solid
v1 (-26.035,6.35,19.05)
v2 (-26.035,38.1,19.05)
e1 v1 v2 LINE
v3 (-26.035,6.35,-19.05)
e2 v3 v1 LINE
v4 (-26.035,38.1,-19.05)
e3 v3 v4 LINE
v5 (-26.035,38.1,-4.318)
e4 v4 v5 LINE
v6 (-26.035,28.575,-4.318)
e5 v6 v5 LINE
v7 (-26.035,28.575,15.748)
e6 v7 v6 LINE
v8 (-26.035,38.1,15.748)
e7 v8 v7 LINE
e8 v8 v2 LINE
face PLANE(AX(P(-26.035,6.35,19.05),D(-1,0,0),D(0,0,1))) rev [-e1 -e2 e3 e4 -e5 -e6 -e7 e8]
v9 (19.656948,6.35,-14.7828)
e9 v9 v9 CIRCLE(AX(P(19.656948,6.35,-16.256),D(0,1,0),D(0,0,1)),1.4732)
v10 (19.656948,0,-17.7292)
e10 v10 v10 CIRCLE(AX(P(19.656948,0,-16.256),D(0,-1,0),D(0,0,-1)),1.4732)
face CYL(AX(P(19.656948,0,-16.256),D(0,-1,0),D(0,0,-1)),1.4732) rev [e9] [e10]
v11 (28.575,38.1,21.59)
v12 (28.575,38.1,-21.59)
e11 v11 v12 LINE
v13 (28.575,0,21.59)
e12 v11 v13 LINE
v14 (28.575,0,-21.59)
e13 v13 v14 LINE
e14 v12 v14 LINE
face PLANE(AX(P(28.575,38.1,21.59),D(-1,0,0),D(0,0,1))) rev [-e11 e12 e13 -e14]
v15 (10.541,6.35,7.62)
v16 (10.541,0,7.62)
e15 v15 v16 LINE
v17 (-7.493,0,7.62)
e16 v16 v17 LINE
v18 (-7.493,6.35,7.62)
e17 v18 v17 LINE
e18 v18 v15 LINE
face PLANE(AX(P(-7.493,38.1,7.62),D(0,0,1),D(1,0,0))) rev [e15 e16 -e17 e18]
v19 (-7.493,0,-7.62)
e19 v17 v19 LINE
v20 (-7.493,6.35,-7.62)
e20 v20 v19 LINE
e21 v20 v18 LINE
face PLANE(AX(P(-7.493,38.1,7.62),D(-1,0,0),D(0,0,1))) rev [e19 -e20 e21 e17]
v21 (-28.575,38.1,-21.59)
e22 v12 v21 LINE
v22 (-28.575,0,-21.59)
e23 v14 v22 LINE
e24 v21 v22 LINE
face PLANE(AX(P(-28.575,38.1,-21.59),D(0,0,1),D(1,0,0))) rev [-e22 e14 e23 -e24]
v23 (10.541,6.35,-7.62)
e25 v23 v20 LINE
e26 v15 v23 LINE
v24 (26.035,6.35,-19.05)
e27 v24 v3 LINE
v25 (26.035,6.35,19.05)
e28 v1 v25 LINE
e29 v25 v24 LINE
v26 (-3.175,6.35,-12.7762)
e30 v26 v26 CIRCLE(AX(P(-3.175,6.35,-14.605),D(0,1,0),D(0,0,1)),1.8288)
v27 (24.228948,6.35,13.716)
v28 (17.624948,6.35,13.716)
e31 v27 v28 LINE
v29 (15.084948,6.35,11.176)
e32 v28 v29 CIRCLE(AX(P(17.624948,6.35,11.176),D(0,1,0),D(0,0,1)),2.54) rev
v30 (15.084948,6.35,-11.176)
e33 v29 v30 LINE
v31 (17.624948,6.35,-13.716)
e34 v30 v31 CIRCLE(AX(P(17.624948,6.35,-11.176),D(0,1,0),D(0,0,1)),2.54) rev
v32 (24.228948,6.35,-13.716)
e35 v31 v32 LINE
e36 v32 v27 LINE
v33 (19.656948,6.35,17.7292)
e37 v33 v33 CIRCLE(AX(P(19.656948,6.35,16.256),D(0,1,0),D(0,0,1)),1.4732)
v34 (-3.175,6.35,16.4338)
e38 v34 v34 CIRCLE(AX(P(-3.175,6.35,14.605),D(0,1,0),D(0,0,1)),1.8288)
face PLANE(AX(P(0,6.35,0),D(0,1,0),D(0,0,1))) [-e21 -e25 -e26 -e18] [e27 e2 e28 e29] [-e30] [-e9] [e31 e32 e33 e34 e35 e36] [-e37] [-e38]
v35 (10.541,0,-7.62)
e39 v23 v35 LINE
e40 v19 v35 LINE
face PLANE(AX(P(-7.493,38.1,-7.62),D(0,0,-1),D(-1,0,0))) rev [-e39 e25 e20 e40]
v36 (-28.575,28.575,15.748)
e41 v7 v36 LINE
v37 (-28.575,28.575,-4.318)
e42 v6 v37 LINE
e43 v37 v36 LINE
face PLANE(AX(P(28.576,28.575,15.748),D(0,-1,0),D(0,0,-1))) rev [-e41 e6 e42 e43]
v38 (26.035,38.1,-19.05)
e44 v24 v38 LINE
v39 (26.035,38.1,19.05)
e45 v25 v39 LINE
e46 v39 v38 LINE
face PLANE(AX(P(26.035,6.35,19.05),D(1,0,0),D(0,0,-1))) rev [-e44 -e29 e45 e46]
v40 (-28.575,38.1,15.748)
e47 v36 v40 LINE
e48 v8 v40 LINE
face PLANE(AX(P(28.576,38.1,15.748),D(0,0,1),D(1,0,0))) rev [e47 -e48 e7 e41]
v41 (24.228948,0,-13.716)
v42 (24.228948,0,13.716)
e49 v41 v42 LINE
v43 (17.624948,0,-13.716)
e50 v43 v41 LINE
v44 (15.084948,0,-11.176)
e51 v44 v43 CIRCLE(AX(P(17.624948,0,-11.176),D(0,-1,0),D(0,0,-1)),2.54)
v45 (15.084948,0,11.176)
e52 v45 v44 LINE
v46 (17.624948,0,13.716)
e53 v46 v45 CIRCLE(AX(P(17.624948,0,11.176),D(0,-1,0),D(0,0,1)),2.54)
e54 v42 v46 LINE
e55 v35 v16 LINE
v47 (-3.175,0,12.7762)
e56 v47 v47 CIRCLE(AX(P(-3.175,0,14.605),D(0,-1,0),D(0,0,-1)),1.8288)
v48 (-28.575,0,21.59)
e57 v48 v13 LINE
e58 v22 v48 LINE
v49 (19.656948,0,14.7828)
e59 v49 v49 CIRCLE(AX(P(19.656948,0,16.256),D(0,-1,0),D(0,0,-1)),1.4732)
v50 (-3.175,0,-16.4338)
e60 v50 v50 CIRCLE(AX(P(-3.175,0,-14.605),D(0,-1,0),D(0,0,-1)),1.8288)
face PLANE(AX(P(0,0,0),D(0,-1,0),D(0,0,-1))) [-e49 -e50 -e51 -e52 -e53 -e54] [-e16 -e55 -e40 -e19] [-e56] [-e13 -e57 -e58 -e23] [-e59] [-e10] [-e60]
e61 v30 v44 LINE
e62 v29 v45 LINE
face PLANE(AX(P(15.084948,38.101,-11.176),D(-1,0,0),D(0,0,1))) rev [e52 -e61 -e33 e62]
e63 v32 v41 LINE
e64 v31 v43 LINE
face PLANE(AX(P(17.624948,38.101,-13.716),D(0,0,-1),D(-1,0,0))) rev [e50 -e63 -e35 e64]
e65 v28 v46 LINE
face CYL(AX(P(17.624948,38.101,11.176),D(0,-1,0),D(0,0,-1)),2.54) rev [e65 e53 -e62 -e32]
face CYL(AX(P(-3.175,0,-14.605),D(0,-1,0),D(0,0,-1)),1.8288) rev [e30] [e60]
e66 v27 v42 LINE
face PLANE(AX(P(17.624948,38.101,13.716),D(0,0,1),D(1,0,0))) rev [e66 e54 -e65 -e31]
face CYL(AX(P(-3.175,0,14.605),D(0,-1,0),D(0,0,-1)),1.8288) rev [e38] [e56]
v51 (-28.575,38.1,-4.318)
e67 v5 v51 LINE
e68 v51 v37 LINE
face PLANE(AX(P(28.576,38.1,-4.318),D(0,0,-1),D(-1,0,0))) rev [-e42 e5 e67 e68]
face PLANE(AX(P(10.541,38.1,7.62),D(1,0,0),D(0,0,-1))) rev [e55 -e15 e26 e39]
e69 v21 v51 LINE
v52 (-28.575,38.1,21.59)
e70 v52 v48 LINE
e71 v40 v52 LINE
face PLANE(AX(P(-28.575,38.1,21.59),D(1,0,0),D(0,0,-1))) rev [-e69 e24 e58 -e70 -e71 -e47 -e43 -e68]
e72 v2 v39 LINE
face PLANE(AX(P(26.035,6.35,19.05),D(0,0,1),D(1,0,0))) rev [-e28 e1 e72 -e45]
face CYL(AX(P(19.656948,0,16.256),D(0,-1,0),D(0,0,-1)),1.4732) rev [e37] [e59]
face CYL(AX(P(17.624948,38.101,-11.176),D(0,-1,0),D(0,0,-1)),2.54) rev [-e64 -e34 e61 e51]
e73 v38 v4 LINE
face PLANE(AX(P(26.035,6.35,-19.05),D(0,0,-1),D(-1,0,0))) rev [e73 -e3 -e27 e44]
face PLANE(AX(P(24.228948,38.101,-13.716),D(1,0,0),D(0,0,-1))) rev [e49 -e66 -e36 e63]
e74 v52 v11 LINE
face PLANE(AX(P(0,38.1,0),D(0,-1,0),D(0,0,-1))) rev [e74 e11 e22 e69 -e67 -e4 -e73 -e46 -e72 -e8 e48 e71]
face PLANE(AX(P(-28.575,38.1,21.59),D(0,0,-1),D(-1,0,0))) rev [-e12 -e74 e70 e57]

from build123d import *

# Parameters (mm, degrees)
SKETCH1_W             = 57.15
SKETCH1_H             = 43.18
BOSS_EXTRUDE1_DEPTH   = 38.1
SKETCH2_W             = 52.07
SKETCH2_H             = 38.1
CUT_EXTRUDE1_DEPTH    = 31.75
SKETCH3_W             = 18.034
SKETCH3_H             = 15.24
CUT_EXTRUDE2_DEPTH    = 53.290235465
CUT_EXTRUDE3_REACH    = 73.999
SKETCH4_W             = 20.066
SKETCH4_H             = 9.525
CUT_EXTRUDE4_REACH    = 54.29
F_4_CLEARANCE_HOLE1_D = 2.9464
F_6_CLEARANCE_HOLE1_D = 3.6576


with BuildPart() as part:
    # Sketch1 → Boss-Extrude1 (new body)
    with BuildSketch(Plane(origin=(0, 0, 0), x_dir=(1, 0, 0), z_dir=(0, 1, 0))):
        Rectangle(SKETCH1_W, SKETCH1_H)
    extrude(amount=BOSS_EXTRUDE1_DEPTH)

    # Sketch2 → Cut-Extrude1 (cut)
    with BuildSketch(Plane(origin=(0, 38.1, 0), x_dir=(1, 0, 0), z_dir=(0, 1, 0))):
        Rectangle(SKETCH2_W, SKETCH2_H)
    extrude(amount=-CUT_EXTRUDE1_DEPTH, mode=Mode.SUBTRACT)

    # Sketch3 → Cut-Extrude2 (cut, through all)
    with BuildSketch(Plane(origin=(0, 0, 0), x_dir=(-1, 0, 0), z_dir=(0, -1, 0))):
        with Locations((-1.524, 0)):
            Rectangle(SKETCH3_W, SKETCH3_H)
    extrude(amount=-CUT_EXTRUDE2_DEPTH, mode=Mode.SUBTRACT)

    # Sketch4 → Cut-Extrude3 (cut, up to next)
    with BuildSketch(Plane.ZY.offset(28.575), mode=Mode.PRIVATE) as cut_extrude3_sk1:
        with Locations((5.715, 33.3375)):
            Rectangle(SKETCH4_W, SKETCH4_H)
    cut_extrude3_tool1 = extrude(cut_extrude3_sk1.sketch, amount=-CUT_EXTRUDE3_REACH, mode=Mode.PRIVATE) & part.part
    add(cut_extrude3_tool1.solids().sort_by_distance((-28.575, 33.3375, 5.715))[0], mode=Mode.SUBTRACT)

    # Sketch5 → Cut-Extrude4 (cut, up to next)
    with BuildSketch(Plane.XZ, mode=Mode.PRIVATE) as cut_extrude4_sk1:
        with BuildLine():
            Line((17.624947543, -13.716), (24.228947543, -13.716))
            Line((24.228947543, -13.716), (24.228947543, 13.716))
            Line((24.228947543, 13.716), (17.624947543, 13.716))
            ThreePointArc((17.624947543, 13.716), (15.828896319, 12.972051224), (15.084947543, 11.176))
            Line((15.084947543, 11.176), (15.084947543, -11.176))
            ThreePointArc((15.084947543, -11.176), (15.828896319, -12.972051224), (17.624947543, -13.716))
        make_face()
    cut_extrude4_tool1 = extrude(cut_extrude4_sk1.sketch, amount=-CUT_EXTRUDE4_REACH, mode=Mode.PRIVATE) & part.part
    add(cut_extrude4_tool1.solids().sort_by_distance((19.701649, 0, 0))[0], mode=Mode.SUBTRACT)

    # #4 Clearance Hole1 (through all)
    with Locations(Plane(origin=(0, 0, 0), x_dir=(-1, 0, 0), z_dir=(0, -1, 0))):
        with Locations((-19.656947543, 16.256), (-19.656947543, -16.256)):
            Hole(F_4_CLEARANCE_HOLE1_D / 2)

    # #6 Clearance Hole1 (through all)
    with Locations(Plane(origin=(0, 0, 0), x_dir=(-1, 0, 0), z_dir=(0, -1, 0))):
        with Locations((3.175, 14.605), (3.175, -14.605)):
            Hole(F_6_CLEARANCE_HOLE1_D / 2)


solid = part.part
